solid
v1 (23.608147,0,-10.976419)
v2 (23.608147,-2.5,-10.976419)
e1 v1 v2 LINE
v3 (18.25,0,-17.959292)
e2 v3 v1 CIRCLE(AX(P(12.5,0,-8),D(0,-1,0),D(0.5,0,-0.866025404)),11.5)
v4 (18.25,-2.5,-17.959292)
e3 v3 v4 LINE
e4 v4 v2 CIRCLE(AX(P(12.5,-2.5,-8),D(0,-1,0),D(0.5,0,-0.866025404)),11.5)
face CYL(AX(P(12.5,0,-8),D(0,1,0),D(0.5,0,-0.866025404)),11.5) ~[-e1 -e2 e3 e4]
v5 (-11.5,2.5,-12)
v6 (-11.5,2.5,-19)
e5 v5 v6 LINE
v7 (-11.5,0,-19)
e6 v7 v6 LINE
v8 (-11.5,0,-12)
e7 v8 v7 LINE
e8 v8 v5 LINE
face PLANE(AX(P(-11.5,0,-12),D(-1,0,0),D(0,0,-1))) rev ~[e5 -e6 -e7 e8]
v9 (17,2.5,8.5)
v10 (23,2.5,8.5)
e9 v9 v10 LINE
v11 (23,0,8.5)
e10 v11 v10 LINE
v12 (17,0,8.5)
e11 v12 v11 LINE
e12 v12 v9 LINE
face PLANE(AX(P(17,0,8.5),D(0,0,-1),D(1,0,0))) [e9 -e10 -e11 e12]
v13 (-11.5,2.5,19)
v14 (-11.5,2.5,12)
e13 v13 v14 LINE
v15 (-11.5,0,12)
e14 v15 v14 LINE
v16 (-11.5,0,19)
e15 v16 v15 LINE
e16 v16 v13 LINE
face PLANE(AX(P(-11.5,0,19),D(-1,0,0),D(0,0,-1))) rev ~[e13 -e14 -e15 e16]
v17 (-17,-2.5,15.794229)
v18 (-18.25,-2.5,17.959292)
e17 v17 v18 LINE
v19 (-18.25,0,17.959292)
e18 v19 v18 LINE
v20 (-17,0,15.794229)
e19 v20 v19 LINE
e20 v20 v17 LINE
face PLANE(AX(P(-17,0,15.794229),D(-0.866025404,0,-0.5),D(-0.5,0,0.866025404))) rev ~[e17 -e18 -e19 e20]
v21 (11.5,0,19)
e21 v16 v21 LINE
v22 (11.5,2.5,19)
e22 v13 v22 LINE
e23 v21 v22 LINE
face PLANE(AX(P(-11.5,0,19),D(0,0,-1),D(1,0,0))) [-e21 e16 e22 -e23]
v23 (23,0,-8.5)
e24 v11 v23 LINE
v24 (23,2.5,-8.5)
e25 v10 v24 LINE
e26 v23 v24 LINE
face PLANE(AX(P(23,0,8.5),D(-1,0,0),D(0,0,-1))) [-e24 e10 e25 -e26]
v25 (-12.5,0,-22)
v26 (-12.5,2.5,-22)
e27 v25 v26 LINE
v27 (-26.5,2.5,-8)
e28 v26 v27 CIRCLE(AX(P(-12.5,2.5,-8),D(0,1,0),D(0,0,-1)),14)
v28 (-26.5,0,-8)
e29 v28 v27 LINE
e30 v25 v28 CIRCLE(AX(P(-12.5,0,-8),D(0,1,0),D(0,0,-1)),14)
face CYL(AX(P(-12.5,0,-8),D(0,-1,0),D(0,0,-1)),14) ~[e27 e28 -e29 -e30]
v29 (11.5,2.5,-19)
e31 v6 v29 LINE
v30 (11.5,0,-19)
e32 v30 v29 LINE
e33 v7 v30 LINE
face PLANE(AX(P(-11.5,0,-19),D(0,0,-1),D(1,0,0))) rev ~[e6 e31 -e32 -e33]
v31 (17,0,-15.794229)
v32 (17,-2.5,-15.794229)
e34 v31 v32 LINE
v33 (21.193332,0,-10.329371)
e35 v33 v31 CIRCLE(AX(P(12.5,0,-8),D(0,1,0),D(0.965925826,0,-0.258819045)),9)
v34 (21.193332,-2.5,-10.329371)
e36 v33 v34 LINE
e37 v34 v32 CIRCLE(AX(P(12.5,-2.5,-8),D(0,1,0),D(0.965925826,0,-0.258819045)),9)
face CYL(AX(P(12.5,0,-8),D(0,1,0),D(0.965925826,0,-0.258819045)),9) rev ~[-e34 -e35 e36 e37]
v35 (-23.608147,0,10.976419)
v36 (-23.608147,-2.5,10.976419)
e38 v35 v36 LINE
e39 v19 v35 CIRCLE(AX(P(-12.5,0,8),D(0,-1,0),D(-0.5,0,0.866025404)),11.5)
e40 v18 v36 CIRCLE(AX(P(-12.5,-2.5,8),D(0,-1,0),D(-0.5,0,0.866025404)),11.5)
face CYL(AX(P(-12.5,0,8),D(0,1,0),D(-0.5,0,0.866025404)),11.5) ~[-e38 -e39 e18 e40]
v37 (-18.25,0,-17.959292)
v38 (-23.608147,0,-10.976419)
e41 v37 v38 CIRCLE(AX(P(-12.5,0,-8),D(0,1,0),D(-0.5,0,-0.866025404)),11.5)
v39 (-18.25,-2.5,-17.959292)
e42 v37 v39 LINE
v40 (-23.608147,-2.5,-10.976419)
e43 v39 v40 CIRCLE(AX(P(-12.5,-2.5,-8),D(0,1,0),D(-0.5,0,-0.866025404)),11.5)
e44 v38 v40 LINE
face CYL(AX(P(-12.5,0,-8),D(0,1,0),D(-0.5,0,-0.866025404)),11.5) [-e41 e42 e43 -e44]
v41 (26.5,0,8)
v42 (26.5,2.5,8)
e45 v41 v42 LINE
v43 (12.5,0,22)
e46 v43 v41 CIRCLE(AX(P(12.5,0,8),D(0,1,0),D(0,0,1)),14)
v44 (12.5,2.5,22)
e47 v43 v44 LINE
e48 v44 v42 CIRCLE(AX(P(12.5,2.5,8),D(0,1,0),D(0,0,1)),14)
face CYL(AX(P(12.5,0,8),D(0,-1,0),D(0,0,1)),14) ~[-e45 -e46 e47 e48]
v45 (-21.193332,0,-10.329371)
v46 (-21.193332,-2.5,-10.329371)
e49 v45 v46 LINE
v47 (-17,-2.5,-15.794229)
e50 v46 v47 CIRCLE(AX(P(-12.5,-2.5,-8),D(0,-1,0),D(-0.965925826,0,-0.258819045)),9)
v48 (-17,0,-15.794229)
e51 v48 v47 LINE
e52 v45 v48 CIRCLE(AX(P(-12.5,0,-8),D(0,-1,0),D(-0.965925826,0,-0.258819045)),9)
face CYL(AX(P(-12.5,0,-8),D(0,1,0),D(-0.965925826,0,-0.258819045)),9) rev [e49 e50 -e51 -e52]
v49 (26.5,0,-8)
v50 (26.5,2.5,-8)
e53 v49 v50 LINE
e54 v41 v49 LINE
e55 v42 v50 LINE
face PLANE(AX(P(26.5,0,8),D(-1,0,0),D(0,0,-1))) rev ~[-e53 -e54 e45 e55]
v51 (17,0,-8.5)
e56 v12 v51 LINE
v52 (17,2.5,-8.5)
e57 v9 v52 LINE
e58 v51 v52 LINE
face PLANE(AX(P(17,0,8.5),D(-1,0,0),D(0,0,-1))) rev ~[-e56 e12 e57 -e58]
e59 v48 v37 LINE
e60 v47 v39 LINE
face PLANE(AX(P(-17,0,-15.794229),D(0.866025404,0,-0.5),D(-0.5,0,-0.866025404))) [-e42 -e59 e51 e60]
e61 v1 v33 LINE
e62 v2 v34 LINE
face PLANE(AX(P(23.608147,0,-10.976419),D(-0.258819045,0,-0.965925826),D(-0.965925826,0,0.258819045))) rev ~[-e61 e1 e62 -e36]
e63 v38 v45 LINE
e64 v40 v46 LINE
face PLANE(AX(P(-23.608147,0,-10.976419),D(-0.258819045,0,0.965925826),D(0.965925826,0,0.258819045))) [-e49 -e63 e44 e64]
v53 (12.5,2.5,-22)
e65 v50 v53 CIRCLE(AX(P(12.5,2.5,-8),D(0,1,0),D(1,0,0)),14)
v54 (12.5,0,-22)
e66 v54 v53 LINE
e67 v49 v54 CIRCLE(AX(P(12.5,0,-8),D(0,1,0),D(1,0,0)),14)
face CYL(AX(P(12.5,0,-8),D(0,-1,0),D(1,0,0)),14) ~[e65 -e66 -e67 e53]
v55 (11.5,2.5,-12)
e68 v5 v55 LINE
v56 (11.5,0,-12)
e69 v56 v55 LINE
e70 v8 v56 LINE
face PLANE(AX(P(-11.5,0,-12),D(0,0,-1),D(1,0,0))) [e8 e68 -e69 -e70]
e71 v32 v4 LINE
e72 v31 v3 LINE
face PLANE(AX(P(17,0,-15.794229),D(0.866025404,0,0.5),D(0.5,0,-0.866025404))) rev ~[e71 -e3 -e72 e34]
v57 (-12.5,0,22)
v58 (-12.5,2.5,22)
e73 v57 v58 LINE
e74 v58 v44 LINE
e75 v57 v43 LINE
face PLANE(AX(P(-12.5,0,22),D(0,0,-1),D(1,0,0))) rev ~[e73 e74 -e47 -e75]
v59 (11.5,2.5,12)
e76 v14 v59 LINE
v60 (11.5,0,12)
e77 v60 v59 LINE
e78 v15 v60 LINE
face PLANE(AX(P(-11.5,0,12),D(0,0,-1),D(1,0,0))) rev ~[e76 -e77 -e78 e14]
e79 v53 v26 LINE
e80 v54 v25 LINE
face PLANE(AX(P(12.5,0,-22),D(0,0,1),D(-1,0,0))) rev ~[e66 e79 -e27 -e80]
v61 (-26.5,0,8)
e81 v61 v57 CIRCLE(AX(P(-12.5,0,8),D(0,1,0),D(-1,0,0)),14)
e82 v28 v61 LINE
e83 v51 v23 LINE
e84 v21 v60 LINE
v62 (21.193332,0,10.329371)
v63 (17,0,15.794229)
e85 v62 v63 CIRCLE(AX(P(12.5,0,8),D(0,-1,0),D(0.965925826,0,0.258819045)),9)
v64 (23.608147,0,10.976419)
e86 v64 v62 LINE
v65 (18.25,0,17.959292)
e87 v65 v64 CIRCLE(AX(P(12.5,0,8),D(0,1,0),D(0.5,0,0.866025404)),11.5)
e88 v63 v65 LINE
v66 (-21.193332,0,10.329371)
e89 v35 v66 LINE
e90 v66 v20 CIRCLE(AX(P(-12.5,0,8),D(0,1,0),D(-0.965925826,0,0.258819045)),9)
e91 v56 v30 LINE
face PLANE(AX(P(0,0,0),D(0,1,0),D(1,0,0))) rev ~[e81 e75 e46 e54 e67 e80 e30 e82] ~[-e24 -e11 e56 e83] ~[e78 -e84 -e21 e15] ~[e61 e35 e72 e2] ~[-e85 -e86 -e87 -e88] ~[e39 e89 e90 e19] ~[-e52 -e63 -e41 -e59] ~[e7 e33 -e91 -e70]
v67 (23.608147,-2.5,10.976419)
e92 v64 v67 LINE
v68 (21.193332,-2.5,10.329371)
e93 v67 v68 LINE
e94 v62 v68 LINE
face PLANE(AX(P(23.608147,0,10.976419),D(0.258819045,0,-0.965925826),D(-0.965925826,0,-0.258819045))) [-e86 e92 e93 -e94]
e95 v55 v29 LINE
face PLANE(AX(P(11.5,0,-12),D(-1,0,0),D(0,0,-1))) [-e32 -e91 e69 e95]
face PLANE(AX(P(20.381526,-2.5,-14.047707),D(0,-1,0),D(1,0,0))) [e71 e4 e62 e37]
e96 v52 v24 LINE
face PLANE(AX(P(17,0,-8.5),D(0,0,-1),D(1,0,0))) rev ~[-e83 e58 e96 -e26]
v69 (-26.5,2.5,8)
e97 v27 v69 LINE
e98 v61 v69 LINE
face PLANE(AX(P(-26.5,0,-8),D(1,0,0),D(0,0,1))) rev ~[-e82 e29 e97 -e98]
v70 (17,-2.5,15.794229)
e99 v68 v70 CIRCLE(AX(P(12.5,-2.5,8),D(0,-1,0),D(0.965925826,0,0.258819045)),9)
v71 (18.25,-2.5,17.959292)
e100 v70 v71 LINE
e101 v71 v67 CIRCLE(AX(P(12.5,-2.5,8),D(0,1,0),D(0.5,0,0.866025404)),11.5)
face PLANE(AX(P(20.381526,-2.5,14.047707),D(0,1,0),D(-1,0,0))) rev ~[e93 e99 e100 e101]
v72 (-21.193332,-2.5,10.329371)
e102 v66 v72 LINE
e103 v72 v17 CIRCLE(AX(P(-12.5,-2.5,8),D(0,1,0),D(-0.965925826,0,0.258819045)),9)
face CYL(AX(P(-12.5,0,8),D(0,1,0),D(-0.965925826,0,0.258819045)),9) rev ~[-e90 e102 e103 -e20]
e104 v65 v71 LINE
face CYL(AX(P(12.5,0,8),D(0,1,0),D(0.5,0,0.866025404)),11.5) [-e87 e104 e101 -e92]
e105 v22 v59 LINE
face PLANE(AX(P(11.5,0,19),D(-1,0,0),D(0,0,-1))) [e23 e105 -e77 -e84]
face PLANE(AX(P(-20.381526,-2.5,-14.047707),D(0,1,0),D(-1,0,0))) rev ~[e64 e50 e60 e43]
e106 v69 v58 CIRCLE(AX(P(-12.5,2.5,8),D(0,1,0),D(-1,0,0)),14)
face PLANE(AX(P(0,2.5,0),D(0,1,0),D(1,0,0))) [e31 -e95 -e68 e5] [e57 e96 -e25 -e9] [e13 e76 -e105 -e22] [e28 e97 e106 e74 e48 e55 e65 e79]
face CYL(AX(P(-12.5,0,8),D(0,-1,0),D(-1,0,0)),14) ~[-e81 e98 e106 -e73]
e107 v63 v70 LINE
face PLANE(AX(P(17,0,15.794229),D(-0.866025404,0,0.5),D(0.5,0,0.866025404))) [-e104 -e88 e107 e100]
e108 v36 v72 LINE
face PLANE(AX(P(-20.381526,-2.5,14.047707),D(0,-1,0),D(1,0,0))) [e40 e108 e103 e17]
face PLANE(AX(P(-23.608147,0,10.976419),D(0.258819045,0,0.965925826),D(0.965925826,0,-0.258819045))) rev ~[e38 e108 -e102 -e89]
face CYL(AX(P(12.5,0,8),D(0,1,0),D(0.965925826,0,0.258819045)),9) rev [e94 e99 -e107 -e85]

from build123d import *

# Parameters (mm, degrees)
SKETCH1_W           = 23
SKETCH1_H           = 7
SKETCH1_W_2         = 6
SKETCH1_H_2         = 17
BOSS_EXTRUDE1_DEPTH = 2.5
BOSS_EXTRUDE2_DEPTH = 2.5


with BuildPart() as part:
    # Sketch1 → Boss-Extrude1 (new body)
    with BuildSketch(Plane(origin=(0, 0, 0), x_dir=(1, 0, 0), z_dir=(0, 1, 0))):
        with BuildLine():
            Line((-26.5, 8), (-26.5, -8))
            ThreePointArc((-26.5, -8), (-22.399494937, -17.899494937), (-12.5, -22))
            Line((-12.5, -22), (12.5, -22))
            ThreePointArc((12.5, -22), (22.399494937, -17.899494937), (26.5, -8))
            Line((26.5, -8), (26.5, 8))
            ThreePointArc((26.5, 8), (22.399494937, 17.899494937), (12.5, 22))
            Line((12.5, 22), (-12.5, 22))
            ThreePointArc((-12.5, 22), (-22.399494937, 17.899494937), (-26.5, 8))
        make_face()
        with Locations((0, -15.5)):
            Rectangle(SKETCH1_W, SKETCH1_H, mode=Mode.SUBTRACT)
        with Locations((20, 0)):
            Rectangle(SKETCH1_W_2, SKETCH1_H_2, mode=Mode.SUBTRACT)
        with Locations((0, 15.5)):
            Rectangle(SKETCH1_W, SKETCH1_H, mode=Mode.SUBTRACT)
    extrude(amount=BOSS_EXTRUDE1_DEPTH)

    # Sketch2 → Boss-Extrude2 (add)
    with BuildSketch(Plane.XZ):
        with BuildLine():
            Line((-17, 15.794228634), (-18.25, 17.959292144))
            ThreePointArc((-18.25, 17.959292144), (-21.623563413, 15.000756434), (-23.608147002, 10.976419019))
            Line((-23.608147002, 10.976419019), (-21.193332437, 10.329371406))
            ThreePointArc((-21.193332437, 10.329371406), (-19.640180063, 13.478852861), (-17, 15.794228634))
        make_face()
        with BuildLine():
            Line((23.608147002, 10.976419019), (21.193332437, 10.329371406))
            ThreePointArc((21.193332437, 10.329371406), (19.640180063, 13.478852861), (17, 15.794228634))
            Line((17, 15.794228634), (18.25, 17.959292144))
            ThreePointArc((18.25, 17.959292144), (21.623563413, 15.000756434), (23.608147002, 10.976419019))
        make_face()
        with BuildLine():
            Line((17, -15.794228634), (18.25, -17.959292144))
            ThreePointArc((18.25, -17.959292144), (21.623563413, -15.000756434), (23.608147002, -10.976419019))
            Line((23.608147002, -10.976419019), (21.193332437, -10.329371406))
            ThreePointArc((21.193332437, -10.329371406), (19.640180063, -13.478852861), (17, -15.794228634))
        make_face()
        with BuildLine():
            Line((-23.608147002, -10.976419019), (-21.193332437, -10.329371406))
            ThreePointArc((-21.193332437, -10.329371406), (-19.640180063, -13.478852861), (-17, -15.794228634))
            Line((-17, -15.794228634), (-18.25, -17.959292144))
            ThreePointArc((-18.25, -17.959292144), (-21.623563413, -15.000756434), (-23.608147002, -10.976419019))
        make_face()
    extrude(amount=BOSS_EXTRUDE2_DEPTH)


solid = part.part
